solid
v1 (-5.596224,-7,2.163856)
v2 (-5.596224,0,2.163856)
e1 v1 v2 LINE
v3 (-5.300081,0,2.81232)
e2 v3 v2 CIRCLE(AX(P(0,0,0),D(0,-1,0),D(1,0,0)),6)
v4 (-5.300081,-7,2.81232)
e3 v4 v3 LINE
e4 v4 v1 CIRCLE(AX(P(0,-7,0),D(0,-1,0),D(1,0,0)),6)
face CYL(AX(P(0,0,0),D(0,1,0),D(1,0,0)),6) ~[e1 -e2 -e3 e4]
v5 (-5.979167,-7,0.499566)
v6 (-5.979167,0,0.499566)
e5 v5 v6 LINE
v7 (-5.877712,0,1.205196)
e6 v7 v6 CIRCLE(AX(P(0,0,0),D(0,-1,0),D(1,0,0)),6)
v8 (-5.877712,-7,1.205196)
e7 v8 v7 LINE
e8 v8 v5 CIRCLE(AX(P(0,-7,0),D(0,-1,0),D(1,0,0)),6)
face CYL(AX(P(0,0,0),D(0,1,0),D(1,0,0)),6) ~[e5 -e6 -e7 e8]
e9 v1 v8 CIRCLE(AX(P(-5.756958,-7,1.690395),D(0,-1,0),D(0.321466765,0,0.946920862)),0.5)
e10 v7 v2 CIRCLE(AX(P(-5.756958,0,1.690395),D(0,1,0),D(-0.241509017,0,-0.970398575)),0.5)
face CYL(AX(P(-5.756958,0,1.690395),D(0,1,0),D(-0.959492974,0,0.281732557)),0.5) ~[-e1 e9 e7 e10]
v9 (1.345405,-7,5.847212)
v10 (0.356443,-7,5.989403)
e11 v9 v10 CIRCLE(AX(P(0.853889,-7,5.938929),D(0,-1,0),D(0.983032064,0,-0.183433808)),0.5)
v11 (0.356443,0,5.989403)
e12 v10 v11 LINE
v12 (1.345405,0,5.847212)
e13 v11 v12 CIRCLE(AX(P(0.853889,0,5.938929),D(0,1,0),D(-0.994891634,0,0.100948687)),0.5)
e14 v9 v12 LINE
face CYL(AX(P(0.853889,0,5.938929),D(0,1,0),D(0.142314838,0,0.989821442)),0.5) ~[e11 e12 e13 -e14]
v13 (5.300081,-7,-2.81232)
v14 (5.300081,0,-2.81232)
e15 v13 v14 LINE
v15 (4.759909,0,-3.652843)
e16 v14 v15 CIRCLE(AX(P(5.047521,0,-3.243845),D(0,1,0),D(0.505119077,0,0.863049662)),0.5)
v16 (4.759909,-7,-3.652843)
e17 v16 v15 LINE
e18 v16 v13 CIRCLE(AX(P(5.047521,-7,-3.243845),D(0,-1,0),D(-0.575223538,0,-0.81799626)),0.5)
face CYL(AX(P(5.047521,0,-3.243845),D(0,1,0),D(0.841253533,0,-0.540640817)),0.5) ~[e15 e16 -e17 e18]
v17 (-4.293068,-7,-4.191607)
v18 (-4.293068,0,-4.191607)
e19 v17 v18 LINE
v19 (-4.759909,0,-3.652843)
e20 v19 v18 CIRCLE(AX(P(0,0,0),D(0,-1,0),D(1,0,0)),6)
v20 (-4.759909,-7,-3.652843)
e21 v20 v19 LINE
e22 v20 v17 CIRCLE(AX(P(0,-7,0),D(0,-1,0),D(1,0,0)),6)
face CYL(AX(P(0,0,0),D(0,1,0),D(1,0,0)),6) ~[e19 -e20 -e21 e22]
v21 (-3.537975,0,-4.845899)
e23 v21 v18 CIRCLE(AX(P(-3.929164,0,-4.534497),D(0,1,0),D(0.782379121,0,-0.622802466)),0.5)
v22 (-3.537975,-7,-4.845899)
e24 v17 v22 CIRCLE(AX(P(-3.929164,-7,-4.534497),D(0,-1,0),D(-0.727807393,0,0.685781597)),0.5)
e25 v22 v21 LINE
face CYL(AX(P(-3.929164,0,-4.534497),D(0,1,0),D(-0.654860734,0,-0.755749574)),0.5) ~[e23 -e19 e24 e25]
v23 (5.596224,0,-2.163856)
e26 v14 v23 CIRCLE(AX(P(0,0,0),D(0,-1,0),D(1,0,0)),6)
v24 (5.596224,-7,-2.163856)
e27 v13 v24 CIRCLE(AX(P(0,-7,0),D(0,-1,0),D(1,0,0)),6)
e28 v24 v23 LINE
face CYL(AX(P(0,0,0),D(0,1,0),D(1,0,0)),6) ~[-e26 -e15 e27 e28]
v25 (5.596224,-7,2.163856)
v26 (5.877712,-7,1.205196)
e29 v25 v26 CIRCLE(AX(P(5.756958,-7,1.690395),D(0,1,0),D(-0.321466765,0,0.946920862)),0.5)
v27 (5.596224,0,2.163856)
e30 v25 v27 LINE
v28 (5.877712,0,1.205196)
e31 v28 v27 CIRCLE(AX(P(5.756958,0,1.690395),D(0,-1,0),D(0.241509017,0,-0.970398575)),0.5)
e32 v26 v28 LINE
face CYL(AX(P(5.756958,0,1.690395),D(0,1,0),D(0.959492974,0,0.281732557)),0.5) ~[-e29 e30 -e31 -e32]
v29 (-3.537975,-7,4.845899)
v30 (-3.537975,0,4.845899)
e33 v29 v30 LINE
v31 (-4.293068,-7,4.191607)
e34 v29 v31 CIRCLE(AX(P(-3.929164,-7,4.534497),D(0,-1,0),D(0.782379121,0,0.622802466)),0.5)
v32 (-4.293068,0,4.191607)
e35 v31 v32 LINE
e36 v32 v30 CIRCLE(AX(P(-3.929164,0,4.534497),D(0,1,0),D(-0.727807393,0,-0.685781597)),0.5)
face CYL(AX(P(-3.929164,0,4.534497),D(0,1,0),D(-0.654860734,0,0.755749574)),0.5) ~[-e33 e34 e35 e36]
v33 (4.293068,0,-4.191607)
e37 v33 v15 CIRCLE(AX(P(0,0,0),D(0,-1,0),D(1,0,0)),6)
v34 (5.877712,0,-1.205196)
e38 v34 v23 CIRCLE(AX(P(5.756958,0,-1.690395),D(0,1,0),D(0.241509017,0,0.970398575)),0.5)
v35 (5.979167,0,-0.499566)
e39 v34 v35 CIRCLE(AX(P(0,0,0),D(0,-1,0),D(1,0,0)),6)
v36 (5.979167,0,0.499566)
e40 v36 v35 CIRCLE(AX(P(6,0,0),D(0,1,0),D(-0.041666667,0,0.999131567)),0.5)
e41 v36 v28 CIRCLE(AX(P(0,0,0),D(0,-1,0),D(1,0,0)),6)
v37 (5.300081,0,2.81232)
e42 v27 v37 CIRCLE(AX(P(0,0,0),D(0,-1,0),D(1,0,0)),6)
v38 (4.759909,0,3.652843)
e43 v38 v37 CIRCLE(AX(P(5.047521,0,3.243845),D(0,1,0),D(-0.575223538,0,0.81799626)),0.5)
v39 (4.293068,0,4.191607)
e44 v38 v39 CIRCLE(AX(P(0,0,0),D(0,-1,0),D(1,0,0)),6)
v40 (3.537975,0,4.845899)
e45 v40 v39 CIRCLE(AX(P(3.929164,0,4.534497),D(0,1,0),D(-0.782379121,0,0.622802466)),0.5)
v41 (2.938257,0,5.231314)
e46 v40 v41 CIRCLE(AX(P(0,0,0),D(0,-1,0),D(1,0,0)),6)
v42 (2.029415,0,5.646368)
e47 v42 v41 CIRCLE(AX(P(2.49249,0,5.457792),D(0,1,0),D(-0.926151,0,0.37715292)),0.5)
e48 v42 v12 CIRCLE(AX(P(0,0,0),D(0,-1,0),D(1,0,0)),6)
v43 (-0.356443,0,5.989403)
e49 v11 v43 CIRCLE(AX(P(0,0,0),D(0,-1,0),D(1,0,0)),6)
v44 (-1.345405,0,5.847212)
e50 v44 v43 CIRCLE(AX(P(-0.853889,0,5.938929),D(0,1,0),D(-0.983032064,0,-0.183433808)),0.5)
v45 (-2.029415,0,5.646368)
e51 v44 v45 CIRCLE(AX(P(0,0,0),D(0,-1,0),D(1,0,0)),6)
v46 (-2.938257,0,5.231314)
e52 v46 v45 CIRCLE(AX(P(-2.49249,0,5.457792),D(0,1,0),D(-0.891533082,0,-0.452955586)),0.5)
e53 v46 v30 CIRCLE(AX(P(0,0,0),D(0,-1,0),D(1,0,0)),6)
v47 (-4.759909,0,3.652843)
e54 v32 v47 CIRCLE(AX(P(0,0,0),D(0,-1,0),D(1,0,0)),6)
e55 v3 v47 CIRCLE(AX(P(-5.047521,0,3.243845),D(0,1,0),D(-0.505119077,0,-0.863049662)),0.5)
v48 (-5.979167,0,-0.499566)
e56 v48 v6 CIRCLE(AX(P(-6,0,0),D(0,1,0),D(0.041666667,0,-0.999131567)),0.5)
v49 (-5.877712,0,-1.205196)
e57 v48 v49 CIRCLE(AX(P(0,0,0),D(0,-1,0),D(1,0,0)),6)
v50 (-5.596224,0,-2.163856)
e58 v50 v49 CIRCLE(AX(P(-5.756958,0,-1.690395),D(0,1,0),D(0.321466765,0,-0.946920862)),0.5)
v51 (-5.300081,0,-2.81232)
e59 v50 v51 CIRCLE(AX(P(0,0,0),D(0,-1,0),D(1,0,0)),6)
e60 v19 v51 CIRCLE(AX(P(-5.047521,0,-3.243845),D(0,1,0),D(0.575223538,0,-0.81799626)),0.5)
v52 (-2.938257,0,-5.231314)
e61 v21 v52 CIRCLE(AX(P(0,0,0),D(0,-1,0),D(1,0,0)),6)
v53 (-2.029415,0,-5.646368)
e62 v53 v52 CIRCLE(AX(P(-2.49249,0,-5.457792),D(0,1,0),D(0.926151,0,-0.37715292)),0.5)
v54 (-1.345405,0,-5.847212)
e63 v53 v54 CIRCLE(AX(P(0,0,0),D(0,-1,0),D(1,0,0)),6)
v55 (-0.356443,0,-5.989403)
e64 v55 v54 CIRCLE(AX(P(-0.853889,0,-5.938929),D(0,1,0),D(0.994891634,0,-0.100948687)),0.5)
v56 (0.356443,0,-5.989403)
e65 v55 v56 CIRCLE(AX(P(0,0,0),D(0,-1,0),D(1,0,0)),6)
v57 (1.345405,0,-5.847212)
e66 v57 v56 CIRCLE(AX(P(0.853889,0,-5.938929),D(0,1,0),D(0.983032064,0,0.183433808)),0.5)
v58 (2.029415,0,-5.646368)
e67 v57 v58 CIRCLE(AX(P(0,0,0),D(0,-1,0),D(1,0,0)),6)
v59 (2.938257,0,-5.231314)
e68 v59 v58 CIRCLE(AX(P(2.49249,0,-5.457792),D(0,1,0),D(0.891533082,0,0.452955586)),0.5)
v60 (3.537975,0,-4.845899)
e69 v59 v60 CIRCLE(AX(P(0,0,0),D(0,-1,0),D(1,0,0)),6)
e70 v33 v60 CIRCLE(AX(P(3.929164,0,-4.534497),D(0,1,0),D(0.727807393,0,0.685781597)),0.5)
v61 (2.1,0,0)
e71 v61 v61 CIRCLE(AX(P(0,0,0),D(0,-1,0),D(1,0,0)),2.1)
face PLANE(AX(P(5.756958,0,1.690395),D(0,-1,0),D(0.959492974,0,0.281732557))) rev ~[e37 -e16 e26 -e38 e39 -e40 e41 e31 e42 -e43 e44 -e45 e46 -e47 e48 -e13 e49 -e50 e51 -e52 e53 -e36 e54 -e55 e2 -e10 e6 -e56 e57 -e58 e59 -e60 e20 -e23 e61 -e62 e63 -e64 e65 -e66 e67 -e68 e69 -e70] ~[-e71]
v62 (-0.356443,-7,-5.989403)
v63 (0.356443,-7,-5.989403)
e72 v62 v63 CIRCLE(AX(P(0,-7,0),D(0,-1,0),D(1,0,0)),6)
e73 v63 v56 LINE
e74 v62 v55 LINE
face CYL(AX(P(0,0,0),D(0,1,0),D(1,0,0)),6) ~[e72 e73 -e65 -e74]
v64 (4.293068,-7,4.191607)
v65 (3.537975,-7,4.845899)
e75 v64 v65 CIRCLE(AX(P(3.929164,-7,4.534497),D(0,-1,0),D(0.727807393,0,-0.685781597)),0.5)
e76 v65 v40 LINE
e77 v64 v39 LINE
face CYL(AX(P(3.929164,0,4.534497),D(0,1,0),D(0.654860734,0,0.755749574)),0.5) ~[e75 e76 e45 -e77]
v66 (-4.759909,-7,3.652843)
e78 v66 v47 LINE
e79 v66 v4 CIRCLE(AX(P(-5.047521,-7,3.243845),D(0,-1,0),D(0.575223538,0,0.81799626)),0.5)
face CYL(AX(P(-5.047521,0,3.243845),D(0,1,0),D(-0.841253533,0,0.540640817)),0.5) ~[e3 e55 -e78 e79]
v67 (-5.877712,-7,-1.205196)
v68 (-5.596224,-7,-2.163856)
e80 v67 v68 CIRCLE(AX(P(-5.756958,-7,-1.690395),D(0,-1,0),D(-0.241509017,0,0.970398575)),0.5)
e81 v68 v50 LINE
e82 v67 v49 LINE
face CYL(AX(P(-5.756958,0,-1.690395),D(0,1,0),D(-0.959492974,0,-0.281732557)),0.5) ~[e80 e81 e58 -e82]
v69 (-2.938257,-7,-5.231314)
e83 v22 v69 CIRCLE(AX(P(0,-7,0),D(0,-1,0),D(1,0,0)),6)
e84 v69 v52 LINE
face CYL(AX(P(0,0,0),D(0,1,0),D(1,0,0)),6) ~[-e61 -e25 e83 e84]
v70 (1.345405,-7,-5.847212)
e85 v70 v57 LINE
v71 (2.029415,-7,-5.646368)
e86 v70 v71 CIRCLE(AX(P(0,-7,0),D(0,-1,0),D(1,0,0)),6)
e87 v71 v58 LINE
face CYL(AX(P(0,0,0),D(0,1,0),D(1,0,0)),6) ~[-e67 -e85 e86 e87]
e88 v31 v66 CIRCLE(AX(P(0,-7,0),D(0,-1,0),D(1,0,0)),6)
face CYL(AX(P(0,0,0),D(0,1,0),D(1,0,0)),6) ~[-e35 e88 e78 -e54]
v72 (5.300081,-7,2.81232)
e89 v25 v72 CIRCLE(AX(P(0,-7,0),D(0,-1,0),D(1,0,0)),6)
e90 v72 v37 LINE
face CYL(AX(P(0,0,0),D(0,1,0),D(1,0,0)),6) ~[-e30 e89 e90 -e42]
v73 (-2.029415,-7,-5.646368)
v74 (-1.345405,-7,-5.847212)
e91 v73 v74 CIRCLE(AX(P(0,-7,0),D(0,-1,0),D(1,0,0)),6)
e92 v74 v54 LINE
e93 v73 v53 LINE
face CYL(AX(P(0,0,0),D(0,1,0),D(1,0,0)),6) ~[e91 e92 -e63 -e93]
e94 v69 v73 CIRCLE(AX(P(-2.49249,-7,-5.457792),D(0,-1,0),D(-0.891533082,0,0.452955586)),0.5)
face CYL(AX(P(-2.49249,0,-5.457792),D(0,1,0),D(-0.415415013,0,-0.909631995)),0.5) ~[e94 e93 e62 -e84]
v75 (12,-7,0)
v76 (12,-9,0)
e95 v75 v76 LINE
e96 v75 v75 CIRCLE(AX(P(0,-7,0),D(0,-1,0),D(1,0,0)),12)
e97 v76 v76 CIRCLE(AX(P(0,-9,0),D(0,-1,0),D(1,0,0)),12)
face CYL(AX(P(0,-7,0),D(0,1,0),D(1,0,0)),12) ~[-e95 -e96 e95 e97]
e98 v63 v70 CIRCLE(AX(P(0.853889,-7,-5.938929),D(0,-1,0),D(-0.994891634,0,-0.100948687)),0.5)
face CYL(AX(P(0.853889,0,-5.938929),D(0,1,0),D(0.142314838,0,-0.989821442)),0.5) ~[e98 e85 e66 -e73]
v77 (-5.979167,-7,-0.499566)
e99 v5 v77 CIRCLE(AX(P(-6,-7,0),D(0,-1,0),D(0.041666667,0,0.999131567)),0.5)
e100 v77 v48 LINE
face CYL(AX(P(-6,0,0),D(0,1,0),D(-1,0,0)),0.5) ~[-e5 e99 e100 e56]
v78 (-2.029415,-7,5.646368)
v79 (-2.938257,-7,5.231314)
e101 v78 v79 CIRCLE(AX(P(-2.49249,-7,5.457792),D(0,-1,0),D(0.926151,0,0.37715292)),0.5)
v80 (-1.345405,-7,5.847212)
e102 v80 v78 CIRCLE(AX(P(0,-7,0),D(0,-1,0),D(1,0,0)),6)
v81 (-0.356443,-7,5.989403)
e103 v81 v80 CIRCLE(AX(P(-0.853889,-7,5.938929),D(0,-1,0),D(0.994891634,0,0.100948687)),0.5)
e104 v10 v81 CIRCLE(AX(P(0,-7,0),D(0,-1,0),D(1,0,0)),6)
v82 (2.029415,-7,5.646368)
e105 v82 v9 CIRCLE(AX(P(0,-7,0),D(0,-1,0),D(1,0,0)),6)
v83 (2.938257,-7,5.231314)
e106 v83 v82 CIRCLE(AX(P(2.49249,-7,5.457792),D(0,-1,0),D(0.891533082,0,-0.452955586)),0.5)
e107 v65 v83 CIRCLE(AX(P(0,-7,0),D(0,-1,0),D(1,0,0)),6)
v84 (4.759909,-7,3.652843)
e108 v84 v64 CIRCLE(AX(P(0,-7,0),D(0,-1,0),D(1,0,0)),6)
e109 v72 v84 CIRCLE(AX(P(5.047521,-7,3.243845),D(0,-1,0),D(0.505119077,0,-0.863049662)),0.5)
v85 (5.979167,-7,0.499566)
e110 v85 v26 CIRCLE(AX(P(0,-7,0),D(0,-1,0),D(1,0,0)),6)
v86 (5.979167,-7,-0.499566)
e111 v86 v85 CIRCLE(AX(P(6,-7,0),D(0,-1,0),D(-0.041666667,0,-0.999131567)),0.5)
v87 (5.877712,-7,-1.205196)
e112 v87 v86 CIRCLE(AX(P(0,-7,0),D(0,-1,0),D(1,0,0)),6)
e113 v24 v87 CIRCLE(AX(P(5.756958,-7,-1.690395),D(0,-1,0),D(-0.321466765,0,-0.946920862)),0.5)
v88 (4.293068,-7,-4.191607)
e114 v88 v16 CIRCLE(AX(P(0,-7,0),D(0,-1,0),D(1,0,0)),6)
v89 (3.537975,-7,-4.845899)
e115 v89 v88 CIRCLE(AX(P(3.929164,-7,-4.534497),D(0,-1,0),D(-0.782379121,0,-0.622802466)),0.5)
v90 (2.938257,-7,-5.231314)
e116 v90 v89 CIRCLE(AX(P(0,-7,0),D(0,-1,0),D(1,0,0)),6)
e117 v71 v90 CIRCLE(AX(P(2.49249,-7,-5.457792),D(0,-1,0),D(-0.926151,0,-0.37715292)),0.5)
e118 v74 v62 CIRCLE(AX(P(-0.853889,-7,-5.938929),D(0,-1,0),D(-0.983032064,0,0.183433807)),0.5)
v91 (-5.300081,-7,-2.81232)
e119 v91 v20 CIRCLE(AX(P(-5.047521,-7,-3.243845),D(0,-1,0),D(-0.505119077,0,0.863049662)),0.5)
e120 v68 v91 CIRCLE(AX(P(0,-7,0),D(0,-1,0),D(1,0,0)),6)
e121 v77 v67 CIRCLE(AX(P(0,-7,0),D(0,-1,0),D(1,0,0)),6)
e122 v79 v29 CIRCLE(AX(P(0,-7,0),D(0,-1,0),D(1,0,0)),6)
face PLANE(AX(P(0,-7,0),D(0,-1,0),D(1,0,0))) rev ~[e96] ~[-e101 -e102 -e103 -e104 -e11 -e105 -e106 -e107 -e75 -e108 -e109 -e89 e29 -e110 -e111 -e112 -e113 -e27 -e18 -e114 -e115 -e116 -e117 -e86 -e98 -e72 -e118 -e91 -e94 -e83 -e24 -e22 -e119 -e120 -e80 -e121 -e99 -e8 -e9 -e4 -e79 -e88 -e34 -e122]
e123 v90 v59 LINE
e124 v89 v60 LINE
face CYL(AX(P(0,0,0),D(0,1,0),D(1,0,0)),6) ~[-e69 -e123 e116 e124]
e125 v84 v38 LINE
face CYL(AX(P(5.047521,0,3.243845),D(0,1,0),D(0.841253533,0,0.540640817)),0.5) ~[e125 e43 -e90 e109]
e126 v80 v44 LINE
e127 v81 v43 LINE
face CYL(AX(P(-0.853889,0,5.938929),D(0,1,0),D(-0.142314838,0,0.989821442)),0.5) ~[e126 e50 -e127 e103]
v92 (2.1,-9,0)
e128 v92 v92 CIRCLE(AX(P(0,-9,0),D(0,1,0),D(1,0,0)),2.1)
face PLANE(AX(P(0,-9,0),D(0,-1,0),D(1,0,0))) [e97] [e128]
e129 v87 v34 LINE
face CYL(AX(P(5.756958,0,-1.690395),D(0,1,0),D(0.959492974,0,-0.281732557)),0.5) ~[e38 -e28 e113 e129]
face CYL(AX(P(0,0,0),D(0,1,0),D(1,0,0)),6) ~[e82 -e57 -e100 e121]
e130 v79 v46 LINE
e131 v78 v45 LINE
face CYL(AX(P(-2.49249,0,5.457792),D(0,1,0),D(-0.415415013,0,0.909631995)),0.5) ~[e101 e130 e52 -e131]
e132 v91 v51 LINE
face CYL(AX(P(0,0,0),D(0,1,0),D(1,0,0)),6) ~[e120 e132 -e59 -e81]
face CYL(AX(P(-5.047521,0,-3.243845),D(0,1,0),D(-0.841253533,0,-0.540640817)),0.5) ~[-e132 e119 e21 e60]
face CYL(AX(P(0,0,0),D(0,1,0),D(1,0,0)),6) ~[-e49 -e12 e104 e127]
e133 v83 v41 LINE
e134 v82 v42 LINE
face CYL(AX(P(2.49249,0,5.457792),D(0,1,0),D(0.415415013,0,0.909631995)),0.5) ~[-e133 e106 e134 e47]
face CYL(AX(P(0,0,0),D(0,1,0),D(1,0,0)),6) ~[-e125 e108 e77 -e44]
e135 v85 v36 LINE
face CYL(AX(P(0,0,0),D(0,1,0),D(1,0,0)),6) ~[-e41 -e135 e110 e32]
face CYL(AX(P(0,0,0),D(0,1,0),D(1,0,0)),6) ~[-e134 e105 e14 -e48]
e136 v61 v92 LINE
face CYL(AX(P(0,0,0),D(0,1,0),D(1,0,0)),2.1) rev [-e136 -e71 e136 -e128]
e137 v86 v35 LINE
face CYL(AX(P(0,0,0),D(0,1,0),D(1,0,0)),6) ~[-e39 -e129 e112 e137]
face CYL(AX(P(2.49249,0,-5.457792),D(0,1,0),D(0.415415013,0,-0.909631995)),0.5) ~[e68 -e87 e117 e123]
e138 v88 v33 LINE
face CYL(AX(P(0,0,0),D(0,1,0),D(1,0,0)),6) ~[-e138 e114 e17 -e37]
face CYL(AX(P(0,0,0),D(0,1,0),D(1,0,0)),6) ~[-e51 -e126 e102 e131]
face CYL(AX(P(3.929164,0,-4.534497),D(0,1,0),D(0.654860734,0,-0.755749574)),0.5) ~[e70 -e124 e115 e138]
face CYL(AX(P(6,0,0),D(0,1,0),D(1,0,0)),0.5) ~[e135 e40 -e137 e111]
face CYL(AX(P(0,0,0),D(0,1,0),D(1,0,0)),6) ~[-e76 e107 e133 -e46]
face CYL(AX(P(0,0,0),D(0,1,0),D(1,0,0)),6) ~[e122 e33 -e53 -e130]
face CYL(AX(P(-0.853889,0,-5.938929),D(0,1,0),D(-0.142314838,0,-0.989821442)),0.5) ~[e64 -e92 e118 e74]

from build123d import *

# Parameters (mm, degrees)
CYLINDER011007_R     = 2.1
CYLINDER011007_DEPTH = 20
CYLINDER011006_R     = 12
CYLINDER011006_DEPTH = 2
CYLINDER011009_R     = 0.5
CYLINDER011009_DEPTH = 7
ARRAY007_COUNT       = 22
CYLINDER011005_R     = 6
CYLINDER011005_DEPTH = 7


with BuildPart() as belt_attach_insert_hole:
    # Cylinder011007 → Cylinder011007 (new body)
    with BuildSketch(Plane.XZ):
        Circle(CYLINDER011007_R)
    extrude(amount=CYLINDER011007_DEPTH)


with BuildPart() as belt_disk:
    # Cylinder011006 → Cylinder011006 (new body)
    with BuildSketch(Plane.XZ.offset(7)):
        Circle(CYLINDER011006_R)
    extrude(amount=CYLINDER011006_DEPTH)


with BuildPart() as belt_pin_array:
    # Cylinder011009 → Cylinder011009 (new body)
    with BuildSketch(Plane(origin=(6, 0, 0), x_dir=(1, 0, 0), z_dir=(0, -1, 0))):
        Circle(CYLINDER011009_R)
    extrude(amount=CYLINDER011009_DEPTH)

    # Array007: belt pin array ×22 about axis
    array007_axis = Axis((0, 0, 0), (0, 1, 0))


with BuildPart() as belt_pin_array_1:
    add(belt_pin_array.part)
    for i in range(1, ARRAY007_COUNT):
        add(belt_pin_array.part.rotate(array007_axis, i * 360 / ARRAY007_COUNT))


with BuildPart() as belt_attach_cut:
    # Cylinder011005 → Cylinder011005 (new body)
    with BuildSketch(Plane.XZ):
        Circle(CYLINDER011005_R)
    extrude(amount=CYLINDER011005_DEPTH)

    # Fusion003: union belt disk, belt pin array
    add(belt_disk.part)
    add(belt_pin_array_1.part)

    # Cut023015009007: cut belt attach insert hole
    add(belt_attach_insert_hole.part, mode=Mode.SUBTRACT)


solid = belt_attach_cut.part
